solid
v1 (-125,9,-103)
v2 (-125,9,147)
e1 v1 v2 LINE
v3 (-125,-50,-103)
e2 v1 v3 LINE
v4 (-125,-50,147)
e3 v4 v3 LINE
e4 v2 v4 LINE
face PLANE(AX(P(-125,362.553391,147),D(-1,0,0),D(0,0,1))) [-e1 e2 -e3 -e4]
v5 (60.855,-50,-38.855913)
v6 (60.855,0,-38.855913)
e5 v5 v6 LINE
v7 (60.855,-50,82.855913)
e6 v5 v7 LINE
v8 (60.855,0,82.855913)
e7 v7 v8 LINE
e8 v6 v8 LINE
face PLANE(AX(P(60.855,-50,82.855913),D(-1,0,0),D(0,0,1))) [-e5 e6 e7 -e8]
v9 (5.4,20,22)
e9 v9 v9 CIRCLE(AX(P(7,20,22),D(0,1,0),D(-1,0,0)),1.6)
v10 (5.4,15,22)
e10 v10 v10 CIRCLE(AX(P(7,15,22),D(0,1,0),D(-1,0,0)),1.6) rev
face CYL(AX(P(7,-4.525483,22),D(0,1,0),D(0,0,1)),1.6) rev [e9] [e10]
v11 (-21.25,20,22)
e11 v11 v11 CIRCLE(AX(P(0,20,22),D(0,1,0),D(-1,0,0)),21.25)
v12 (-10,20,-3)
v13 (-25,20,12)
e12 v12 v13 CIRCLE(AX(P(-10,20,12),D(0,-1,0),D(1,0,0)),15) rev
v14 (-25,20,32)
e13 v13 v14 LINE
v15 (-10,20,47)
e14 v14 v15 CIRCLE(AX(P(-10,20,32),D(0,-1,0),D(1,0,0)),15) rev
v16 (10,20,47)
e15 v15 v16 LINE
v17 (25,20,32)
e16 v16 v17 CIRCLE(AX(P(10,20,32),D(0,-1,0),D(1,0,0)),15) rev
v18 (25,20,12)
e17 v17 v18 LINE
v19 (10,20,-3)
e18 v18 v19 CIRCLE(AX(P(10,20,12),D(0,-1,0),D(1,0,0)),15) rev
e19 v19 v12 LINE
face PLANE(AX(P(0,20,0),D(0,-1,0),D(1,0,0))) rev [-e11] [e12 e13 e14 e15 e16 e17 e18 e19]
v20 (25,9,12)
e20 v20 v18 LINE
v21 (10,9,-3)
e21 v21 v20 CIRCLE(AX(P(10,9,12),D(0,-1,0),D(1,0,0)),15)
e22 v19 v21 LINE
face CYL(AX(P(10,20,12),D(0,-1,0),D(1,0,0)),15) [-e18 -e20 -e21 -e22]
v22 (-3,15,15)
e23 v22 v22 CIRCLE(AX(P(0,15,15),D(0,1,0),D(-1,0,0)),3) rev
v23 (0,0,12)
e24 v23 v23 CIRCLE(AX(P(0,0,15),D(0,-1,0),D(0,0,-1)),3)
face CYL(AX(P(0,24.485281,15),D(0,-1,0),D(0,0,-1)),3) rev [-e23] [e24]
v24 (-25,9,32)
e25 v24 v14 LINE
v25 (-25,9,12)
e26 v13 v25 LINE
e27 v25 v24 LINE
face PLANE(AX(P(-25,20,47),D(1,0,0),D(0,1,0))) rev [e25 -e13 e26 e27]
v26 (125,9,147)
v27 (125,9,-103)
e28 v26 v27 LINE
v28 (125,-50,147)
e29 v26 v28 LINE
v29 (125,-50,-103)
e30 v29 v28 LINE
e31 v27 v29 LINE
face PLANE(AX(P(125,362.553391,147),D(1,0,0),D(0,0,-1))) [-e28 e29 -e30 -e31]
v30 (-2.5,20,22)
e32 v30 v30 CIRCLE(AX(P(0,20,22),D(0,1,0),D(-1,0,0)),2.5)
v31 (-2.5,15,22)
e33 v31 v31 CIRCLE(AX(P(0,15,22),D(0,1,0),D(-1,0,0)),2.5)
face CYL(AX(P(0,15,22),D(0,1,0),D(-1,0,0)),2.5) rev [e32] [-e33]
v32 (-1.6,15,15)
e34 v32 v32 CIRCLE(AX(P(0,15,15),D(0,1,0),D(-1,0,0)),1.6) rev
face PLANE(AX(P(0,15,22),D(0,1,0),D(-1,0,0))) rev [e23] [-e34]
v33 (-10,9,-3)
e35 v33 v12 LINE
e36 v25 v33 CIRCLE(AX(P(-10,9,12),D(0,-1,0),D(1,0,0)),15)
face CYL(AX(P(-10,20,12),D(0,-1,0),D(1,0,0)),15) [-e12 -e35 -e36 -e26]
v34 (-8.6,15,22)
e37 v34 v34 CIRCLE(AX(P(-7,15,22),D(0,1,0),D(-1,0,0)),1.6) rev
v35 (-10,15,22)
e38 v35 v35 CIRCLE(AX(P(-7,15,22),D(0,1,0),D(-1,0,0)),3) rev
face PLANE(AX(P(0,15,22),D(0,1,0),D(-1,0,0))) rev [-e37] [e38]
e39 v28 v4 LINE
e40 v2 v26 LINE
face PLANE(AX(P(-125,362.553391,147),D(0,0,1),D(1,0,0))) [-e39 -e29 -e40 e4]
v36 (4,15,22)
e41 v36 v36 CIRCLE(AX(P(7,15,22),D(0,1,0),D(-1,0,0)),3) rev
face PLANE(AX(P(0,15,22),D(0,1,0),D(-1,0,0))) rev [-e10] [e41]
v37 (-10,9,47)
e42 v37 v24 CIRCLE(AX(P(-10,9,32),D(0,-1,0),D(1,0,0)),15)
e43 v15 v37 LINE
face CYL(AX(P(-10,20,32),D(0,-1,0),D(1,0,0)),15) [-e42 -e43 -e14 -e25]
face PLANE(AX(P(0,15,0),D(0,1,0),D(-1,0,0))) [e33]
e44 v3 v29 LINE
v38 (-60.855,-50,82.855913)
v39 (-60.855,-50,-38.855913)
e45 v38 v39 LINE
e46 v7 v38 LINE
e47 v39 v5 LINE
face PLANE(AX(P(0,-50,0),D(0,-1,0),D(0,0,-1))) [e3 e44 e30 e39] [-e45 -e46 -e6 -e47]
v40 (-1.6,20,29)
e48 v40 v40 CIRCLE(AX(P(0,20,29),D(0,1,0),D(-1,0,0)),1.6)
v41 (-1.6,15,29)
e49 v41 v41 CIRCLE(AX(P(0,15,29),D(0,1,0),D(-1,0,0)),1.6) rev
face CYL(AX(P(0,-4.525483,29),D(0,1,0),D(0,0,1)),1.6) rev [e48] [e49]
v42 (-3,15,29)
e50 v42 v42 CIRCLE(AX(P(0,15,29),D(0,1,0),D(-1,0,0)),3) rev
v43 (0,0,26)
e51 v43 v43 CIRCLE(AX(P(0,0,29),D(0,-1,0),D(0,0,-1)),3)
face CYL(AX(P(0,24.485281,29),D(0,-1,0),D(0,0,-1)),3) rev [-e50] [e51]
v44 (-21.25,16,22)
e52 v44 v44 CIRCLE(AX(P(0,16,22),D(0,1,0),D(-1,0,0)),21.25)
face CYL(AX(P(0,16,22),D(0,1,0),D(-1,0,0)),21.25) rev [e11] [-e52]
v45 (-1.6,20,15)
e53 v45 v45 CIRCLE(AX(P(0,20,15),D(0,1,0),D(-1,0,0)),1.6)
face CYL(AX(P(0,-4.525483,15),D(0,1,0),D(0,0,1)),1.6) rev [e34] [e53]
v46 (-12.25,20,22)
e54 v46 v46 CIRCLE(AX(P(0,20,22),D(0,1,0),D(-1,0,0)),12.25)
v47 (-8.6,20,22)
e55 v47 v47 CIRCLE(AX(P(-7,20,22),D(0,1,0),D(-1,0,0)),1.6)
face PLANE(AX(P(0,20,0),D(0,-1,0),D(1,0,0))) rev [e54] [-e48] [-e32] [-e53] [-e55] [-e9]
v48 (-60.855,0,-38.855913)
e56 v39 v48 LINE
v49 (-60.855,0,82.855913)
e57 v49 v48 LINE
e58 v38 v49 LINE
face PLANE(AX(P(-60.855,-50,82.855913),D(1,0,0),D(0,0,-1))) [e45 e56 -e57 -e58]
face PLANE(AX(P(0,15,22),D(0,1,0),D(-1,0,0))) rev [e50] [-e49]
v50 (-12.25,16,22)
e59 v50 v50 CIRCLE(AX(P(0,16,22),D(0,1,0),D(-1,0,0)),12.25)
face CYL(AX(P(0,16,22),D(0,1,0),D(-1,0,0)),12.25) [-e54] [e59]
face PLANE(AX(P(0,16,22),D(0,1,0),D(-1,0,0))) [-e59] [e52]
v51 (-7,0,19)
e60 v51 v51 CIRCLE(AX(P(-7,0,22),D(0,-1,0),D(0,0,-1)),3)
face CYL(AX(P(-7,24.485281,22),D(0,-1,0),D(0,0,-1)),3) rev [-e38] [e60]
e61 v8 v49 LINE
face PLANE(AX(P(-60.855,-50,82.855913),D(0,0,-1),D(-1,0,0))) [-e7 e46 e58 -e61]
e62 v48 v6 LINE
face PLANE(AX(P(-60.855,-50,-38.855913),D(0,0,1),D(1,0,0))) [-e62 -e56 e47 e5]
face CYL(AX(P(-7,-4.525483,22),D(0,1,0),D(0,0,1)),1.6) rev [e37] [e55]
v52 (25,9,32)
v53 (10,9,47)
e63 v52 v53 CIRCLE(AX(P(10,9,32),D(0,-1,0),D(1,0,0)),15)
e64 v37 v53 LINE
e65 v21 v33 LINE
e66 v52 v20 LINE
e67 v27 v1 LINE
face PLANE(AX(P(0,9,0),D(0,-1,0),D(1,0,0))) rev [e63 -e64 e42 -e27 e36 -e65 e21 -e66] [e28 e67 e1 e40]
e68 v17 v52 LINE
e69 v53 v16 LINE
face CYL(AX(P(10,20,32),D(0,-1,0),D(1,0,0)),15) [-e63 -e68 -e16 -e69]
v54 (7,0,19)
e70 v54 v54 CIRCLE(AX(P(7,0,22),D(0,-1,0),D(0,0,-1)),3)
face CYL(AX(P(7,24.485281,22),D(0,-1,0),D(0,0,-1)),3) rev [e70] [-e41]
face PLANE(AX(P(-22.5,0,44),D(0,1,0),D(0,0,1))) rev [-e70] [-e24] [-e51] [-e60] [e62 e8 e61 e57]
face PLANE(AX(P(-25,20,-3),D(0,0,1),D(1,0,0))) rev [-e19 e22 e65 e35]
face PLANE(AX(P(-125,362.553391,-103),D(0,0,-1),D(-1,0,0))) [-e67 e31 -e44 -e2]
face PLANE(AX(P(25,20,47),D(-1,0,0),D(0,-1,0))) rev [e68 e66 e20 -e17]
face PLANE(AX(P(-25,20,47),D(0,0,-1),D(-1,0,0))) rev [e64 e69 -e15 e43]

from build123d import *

# Parameters (mm, degrees)
BOSS_EXTRUDE1_DEPTH          = 44
SKETCH3_W                    = 50
SKETCH3_H                    = 50
BOSS_EXTRUDE2_DEPTH          = 11
SKETCH4_R                    = 21.25
SKETCH4_R_2                  = 12.25
CUT_EXTRUDE1_DEPTH           = 4
SKETCH5_3_R                  = 1.6
CUT_EXTRUDE3_DEPTH           = 20
SKETCH5_R                    = 2.5
CUT_EXTRUDE4_DEPTH           = 5
FILLET2_R                    = 15
SKETCH8_R                    = 3
CUT_EXTRUDE5_DEPTH           = 15
SCHIZZO2_W                   = 250
SCHIZZO2_H                   = 250
SCHIZZO2_W_2                 = 25.273765435
SCHIZZO2_H_2                 = 26.723899517
ESTRUSIONE_ESTRUSIONE1_DEPTH = 9
SCHIZZO5_W                   = 250
SCHIZZO5_H                   = 250
SCHIZZO5_W_2                 = 121.71
SCHIZZO5_H_2                 = 121.711825152
ESTRUSIONE_ESTRUSIONE2_DEPTH = 50


with BuildPart() as part:
    # Sketch1 → Boss-Extrude1 (new body)
    with BuildSketch(Plane.XY):
        Polygon((-22.5, 0), (22.5, 0), (18, 9), (-18, 9), align=None)
    extrude(amount=BOSS_EXTRUDE1_DEPTH)

    # Sketch3 → Boss-Extrude2 (add)
    with BuildSketch(Plane(origin=(0, 9, 0), x_dir=(1, 0, 0), z_dir=(0, 1, 0))):
        with Locations((0, -22)):
            Rectangle(SKETCH3_W, SKETCH3_H)
    extrude(amount=BOSS_EXTRUDE2_DEPTH)

    # Sketch4 → Cut-Extrude1 (cut)
    with BuildSketch(Plane(origin=(0, 20, 0), x_dir=(1, 0, 0), z_dir=(0, 1, 0))):
        with Locations((0, -22)):
            Circle(SKETCH4_R)
        with Locations((0, -22)):
            Circle(SKETCH4_R_2, mode=Mode.SUBTRACT)
    extrude(amount=-CUT_EXTRUDE1_DEPTH, mode=Mode.SUBTRACT)

    # Sketch5<3> → Cut-Extrude3 (cut)
    with BuildSketch(Plane(origin=(0, 20, 0), x_dir=(1, 0, 0), z_dir=(0, 1, 0))):
        with Locations((0, -15)):
            Circle(SKETCH5_3_R)
        with Locations((-7, -22)):
            Circle(SKETCH5_3_R)
        with Locations((7, -22)):
            Circle(SKETCH5_3_R)
        with Locations((0, -29)):
            Circle(SKETCH5_3_R)
    extrude(amount=-CUT_EXTRUDE3_DEPTH, mode=Mode.SUBTRACT)

    # Sketch5 → Cut-Extrude4 (cut)
    with BuildSketch(Plane(origin=(0, 20, 0), x_dir=(1, 0, 0), z_dir=(0, 1, 0))):
        with Locations((0, -22)):
            Circle(SKETCH5_R)
    extrude(amount=-CUT_EXTRUDE4_DEPTH, mode=Mode.SUBTRACT)

    # Fillet2
    fillet2_edges = [part.edges().sort_by_distance(p)[0] for p in [
        (25, 14.5, 47),
        (25, 14.5, -3),
        (-25, 14.5, -3),
        (-25, 14.5, 47),
    ]]
    fillet(fillet2_edges, radius=FILLET2_R)

    # Sketch8 → Cut-Extrude5 (cut)
    with BuildSketch(Plane(origin=(0, 0, 0), x_dir=(-1, 0, 0), z_dir=(0, -1, 0))):
        with Locations((0, -29)):
            Circle(SKETCH8_R)
        with Locations((-7, -22)):
            Circle(SKETCH8_R)
        with Locations((0, -15)):
            Circle(SKETCH8_R)
        with Locations((7, -22)):
            Circle(SKETCH8_R)
    extrude(amount=-CUT_EXTRUDE5_DEPTH, mode=Mode.SUBTRACT)

    # Schizzo2 → Estrusione-Estrusione1 (add)
    with BuildSketch(Plane.XZ):
        with Locations((0, 22)):
            Rectangle(SCHIZZO2_W, SCHIZZO2_H)
        with Locations((-0.310743018, 21.585675977)):
            Rectangle(SCHIZZO2_W_2, SCHIZZO2_H_2, mode=Mode.SUBTRACT)
    extrude(amount=-ESTRUSIONE_ESTRUSIONE1_DEPTH)

    # Schizzo5 → Estrusione-Estrusione2 (add)
    with BuildSketch(Plane.XZ):
        with Locations((0, 22)):
            Rectangle(SCHIZZO5_W, SCHIZZO5_H)
        with Locations((0, 22)):
            Rectangle(SCHIZZO5_W_2, SCHIZZO5_H_2, mode=Mode.SUBTRACT)
    extrude(amount=ESTRUSIONE_ESTRUSIONE2_DEPTH)


solid = part.part
